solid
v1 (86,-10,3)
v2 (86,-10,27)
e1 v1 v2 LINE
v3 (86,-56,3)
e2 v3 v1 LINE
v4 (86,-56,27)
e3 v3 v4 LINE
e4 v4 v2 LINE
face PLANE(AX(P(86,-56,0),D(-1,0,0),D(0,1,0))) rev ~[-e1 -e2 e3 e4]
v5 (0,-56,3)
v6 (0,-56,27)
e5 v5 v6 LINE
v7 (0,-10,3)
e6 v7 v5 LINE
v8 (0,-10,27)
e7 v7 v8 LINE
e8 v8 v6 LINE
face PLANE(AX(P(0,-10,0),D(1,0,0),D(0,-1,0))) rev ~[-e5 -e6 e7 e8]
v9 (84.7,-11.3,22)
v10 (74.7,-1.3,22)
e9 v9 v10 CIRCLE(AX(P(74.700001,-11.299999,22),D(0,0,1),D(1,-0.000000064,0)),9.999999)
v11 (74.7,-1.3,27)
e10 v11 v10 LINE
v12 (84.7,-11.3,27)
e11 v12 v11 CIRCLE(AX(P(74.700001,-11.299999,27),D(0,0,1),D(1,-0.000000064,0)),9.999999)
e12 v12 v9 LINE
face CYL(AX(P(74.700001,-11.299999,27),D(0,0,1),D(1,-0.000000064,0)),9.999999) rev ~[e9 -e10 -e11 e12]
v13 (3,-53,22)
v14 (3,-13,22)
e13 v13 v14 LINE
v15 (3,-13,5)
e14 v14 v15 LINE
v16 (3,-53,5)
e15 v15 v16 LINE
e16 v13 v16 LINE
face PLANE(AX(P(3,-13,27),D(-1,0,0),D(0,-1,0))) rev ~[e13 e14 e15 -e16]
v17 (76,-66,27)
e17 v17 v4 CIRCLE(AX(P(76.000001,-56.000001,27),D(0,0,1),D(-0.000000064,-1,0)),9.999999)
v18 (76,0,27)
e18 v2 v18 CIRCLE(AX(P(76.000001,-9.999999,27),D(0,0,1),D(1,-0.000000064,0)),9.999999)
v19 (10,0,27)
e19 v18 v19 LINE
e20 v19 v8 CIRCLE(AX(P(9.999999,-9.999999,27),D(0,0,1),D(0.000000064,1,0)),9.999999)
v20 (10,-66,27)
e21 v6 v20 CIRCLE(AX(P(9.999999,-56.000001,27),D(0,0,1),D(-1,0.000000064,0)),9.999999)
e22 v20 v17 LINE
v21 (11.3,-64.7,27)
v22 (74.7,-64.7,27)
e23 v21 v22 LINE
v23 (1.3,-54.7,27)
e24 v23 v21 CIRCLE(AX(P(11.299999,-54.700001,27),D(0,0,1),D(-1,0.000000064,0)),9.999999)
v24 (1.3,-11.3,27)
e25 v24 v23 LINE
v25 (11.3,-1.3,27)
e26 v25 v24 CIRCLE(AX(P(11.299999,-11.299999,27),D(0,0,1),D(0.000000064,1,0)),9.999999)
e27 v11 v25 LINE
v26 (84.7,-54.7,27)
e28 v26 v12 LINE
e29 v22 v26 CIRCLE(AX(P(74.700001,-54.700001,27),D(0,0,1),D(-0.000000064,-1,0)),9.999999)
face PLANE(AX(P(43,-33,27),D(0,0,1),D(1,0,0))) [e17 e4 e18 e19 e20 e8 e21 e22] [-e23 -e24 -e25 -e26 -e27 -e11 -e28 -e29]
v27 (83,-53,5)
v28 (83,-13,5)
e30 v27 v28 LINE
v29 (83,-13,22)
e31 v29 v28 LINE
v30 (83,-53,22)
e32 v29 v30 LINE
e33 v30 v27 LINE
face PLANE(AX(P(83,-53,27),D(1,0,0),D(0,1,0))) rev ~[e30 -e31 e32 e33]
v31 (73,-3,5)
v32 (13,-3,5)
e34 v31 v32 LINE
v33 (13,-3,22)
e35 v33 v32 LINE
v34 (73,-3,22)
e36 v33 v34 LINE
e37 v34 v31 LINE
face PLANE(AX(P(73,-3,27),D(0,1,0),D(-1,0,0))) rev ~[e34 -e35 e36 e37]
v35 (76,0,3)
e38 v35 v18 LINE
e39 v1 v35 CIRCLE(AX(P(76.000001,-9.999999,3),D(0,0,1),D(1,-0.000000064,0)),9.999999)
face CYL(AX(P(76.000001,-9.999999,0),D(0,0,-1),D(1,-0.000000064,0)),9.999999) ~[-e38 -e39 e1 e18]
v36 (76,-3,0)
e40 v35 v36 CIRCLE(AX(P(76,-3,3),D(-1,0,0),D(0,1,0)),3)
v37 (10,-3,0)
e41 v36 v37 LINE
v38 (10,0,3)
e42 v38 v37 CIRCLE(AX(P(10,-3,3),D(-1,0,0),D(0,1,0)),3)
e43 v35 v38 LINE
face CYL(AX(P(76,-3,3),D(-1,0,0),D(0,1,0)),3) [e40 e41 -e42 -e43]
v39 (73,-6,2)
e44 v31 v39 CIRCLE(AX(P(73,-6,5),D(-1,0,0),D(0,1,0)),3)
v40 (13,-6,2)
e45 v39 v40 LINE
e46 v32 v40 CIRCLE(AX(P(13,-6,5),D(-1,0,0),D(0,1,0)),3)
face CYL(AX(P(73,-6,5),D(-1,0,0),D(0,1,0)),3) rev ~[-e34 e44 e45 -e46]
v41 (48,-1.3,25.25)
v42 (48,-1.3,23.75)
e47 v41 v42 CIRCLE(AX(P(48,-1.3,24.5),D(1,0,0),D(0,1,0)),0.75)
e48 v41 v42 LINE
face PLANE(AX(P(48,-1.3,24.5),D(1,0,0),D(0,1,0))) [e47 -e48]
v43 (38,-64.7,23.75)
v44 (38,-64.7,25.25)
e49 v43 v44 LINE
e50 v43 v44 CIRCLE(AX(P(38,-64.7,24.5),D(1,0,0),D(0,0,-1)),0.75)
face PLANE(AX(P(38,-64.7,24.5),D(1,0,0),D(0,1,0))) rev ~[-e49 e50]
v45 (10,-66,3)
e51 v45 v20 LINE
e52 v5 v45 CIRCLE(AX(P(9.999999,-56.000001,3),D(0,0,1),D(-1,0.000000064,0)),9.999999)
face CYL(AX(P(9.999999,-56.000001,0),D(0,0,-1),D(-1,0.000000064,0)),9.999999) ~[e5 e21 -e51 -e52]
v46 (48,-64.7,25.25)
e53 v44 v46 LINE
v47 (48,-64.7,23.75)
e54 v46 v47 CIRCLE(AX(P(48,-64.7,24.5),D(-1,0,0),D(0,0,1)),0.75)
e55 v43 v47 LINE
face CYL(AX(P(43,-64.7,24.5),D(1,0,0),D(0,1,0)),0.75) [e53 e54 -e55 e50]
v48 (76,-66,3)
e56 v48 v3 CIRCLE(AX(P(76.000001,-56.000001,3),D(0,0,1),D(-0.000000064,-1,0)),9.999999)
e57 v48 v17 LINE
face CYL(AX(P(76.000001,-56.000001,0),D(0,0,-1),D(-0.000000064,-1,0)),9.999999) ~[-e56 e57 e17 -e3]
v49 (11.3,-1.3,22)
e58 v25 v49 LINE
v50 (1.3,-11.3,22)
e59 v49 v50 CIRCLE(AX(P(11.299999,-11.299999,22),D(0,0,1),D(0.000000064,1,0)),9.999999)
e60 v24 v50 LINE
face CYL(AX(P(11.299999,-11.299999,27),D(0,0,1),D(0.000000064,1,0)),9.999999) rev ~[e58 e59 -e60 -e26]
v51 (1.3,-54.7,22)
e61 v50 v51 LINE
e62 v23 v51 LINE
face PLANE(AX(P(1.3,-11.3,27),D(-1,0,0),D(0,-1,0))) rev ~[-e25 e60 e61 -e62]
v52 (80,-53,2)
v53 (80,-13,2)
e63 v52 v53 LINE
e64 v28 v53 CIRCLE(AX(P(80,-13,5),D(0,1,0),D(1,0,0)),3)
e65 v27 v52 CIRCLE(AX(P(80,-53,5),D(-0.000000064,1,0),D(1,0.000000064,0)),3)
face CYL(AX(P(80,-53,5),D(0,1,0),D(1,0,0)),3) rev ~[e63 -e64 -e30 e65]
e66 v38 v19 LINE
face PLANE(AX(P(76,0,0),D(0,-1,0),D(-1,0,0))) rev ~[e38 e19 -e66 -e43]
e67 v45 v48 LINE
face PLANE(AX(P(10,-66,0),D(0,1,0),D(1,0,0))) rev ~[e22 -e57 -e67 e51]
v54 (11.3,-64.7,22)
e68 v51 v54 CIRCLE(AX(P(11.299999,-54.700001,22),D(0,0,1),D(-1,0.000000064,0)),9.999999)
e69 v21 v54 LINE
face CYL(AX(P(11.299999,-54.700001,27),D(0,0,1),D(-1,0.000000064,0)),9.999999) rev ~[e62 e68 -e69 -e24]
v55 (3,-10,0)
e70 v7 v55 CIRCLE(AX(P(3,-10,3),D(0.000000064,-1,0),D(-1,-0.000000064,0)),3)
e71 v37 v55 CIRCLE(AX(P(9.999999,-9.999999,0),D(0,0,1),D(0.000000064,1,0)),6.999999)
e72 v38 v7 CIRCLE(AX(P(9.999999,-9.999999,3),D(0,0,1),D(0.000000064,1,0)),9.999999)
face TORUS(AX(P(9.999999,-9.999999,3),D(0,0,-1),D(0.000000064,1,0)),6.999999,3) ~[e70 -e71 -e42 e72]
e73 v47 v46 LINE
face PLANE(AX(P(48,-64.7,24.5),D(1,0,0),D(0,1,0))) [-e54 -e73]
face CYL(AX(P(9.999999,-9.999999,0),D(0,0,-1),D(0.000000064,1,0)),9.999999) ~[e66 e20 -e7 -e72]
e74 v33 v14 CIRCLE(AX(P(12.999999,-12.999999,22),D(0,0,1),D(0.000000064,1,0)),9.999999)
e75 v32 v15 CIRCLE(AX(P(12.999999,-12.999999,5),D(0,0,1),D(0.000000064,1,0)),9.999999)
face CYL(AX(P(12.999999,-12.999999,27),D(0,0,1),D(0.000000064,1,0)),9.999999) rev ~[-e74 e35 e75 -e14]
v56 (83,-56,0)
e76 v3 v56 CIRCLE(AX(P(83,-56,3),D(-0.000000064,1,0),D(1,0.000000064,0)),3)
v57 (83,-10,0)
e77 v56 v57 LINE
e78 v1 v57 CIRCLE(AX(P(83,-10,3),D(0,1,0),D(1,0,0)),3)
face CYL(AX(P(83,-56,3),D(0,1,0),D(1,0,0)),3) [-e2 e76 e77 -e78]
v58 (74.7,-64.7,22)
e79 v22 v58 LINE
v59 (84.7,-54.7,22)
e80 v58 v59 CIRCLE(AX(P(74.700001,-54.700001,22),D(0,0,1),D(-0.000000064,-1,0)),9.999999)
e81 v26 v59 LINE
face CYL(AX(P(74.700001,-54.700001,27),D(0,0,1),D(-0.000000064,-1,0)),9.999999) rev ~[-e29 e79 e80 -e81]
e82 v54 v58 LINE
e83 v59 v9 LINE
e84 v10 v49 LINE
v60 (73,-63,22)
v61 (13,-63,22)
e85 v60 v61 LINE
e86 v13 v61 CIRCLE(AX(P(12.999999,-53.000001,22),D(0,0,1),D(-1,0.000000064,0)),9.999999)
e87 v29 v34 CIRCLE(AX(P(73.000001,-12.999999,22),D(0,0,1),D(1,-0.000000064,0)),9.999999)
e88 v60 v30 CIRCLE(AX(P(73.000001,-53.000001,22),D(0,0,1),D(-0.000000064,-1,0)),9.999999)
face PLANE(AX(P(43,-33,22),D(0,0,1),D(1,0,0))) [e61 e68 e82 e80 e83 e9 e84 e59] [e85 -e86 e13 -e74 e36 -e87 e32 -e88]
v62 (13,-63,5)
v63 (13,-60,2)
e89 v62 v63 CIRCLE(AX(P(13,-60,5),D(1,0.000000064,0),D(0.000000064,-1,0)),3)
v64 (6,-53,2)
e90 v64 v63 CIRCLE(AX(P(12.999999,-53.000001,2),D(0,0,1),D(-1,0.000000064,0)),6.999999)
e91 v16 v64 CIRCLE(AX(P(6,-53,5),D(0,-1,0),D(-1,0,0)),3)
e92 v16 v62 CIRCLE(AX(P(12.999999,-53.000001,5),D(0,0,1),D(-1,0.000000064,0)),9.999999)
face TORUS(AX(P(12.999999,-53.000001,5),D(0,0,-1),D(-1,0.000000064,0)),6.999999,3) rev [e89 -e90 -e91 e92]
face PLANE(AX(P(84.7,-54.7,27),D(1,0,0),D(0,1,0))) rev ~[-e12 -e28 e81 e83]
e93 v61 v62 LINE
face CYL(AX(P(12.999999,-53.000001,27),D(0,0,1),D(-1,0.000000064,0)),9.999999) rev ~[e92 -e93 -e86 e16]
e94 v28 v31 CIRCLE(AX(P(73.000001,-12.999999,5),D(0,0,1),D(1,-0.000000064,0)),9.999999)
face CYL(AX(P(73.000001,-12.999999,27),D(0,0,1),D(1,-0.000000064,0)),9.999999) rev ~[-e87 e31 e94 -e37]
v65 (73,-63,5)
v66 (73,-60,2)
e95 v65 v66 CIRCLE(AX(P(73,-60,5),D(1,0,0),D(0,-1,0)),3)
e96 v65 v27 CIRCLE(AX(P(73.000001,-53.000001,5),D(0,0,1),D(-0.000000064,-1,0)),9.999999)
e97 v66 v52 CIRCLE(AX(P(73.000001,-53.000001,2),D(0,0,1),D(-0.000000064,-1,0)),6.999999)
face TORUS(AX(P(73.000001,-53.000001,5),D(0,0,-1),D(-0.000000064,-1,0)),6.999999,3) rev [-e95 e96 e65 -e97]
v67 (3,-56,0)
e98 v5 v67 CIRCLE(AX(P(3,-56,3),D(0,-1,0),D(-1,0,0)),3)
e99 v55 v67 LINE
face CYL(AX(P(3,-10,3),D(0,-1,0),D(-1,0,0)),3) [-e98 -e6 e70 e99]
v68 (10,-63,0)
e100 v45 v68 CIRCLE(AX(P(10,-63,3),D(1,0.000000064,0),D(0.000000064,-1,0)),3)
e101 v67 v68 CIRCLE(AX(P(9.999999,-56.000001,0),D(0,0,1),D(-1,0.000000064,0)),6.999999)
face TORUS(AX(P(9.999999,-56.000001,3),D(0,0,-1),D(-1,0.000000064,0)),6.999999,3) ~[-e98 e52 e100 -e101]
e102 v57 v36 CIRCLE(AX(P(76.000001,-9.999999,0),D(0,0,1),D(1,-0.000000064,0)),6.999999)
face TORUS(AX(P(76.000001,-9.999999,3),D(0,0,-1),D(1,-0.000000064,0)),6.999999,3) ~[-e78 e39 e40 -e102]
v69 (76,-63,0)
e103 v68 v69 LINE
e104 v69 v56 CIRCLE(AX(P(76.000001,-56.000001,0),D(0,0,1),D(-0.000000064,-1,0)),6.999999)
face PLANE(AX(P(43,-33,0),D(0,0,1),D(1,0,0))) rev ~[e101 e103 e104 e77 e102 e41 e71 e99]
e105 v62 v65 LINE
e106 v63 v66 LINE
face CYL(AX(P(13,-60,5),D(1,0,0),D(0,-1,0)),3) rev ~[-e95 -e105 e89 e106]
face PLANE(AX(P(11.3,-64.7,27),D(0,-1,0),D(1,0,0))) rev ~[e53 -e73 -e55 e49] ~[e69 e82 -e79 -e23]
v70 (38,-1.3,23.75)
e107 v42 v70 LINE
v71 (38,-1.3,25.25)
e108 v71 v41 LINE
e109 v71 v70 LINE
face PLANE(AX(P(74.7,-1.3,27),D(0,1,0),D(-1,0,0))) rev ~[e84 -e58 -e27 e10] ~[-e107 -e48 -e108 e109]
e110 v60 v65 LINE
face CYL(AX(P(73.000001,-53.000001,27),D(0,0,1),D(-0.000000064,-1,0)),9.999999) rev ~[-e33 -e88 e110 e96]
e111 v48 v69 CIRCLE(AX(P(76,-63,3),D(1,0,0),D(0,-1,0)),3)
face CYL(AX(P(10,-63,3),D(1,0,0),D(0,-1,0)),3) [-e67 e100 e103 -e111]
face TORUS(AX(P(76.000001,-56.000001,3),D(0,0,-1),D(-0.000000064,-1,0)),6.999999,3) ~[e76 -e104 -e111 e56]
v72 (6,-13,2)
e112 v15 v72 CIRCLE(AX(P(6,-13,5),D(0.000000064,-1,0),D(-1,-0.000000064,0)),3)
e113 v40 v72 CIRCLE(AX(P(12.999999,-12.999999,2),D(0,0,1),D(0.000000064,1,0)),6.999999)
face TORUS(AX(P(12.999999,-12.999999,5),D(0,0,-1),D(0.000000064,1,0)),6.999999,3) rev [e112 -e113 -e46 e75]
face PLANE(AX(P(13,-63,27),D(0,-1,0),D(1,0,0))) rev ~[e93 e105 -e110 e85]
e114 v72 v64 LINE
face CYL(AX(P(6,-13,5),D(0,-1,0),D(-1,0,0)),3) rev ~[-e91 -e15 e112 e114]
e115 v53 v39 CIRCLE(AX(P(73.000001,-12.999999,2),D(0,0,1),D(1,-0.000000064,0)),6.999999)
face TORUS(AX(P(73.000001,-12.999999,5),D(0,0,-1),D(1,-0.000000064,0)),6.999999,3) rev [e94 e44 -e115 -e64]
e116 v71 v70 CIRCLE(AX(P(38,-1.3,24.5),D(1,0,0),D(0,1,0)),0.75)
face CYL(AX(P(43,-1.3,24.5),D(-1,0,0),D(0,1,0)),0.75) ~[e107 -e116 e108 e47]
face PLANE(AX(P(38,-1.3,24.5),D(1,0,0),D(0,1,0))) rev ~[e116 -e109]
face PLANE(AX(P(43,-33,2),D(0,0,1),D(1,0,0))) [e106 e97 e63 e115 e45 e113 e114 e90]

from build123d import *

# Parameters (mm, degrees)
F1_DEPTH  = 27
F3_DEPTH  = 25
F5_DEPTH  = 5
F6_R      = 3
F7_R      = 3
F9_R      = 0.75
F10_DEPTH = 5


with BuildPart() as f1:
    # F0 (on Top) → F1 (new body)
    with BuildSketch(Plane.XY):
        with BuildLine():
            Line((76, 0), (10, 0))
            ThreePointArc((10, 0), (2.928932, -2.928932), (0, -10))
            Line((0, -10), (0, -56))
            ThreePointArc((0, -56), (2.928932, -63.071068), (10, -66))
            Line((10, -66), (76, -66))
            ThreePointArc((76, -66), (83.071068, -63.071068), (86, -56))
            Line((86, -56), (86, -10))
            ThreePointArc((86, -10), (83.071068, -2.928932), (76, 0))
        make_face()
    extrude(amount=F1_DEPTH)

    # F2 (on face) → F3 (cut)
    with BuildSketch(Plane.XY.offset(27)):
        with BuildLine():
            Line((73, -3), (13, -3))
            ThreePointArc((13, -3), (5.928932, -5.928932), (3, -13))
            Line((3, -13), (3, -53))
            ThreePointArc((3, -53), (5.928932, -60.071068), (13, -63))
            Line((13, -63), (73, -63))
            ThreePointArc((73, -63), (80.071068, -60.071068), (83, -53))
            Line((83, -53), (83, -13))
            ThreePointArc((83, -13), (80.071068, -5.928932), (73, -3))
        make_face()
    extrude(amount=-F3_DEPTH, mode=Mode.SUBTRACT)

    # F4 (on face) → F5 (cut)
    with BuildSketch(Plane.XY.offset(27)):
        with BuildLine():
            Line((74.7, -1.3), (11.3, -1.3))
            ThreePointArc((11.3, -1.3), (4.228932, -4.228932), (1.3, -11.3))
            Line((1.3, -11.3), (1.3, -54.7))
            ThreePointArc((1.3, -54.7), (4.228932, -61.771068), (11.3, -64.7))
            Line((11.3, -64.7), (74.7, -64.7))
            ThreePointArc((74.7, -64.7), (81.771068, -61.771068), (84.7, -54.7))
            Line((84.7, -54.7), (84.7, -11.3))
            ThreePointArc((84.7, -11.3), (81.771068, -4.228932), (74.7, -1.3))
        make_face()
    extrude(amount=-F5_DEPTH, mode=Mode.SUBTRACT)

    # F6
    f6_edges = [f1.edges().sort_by_distance(p)[0] for p in [
        (43, 0, 0),
        (2.928932, -2.928932, 0),
        (0, -33, 0),
        (83.071068, -2.928932, 0),
        (86, -33, 0),
        (83.071068, -63.071068, 0),
        (43, -66, 0),
        (2.928932, -63.071068, 0),
    ]]
    fillet(f6_edges, radius=F6_R)

    # F7
    f7_edges = [f1.edges().sort_by_distance(p)[0] for p in [
        (43, -3, 2),
    ]]
    fillet(f7_edges, radius=F7_R)

    # F9 (on offset) → F10 (join, symmetric)
    with BuildSketch(Plane.YZ.offset(43)):
        with Locations((-1.3, 24.5)):
            Circle(F9_R)
        with Locations((-64.7, 24.5)):
            Circle(F9_R)
    extrude(amount=F10_DEPTH, both=True)


solid = f1.part
